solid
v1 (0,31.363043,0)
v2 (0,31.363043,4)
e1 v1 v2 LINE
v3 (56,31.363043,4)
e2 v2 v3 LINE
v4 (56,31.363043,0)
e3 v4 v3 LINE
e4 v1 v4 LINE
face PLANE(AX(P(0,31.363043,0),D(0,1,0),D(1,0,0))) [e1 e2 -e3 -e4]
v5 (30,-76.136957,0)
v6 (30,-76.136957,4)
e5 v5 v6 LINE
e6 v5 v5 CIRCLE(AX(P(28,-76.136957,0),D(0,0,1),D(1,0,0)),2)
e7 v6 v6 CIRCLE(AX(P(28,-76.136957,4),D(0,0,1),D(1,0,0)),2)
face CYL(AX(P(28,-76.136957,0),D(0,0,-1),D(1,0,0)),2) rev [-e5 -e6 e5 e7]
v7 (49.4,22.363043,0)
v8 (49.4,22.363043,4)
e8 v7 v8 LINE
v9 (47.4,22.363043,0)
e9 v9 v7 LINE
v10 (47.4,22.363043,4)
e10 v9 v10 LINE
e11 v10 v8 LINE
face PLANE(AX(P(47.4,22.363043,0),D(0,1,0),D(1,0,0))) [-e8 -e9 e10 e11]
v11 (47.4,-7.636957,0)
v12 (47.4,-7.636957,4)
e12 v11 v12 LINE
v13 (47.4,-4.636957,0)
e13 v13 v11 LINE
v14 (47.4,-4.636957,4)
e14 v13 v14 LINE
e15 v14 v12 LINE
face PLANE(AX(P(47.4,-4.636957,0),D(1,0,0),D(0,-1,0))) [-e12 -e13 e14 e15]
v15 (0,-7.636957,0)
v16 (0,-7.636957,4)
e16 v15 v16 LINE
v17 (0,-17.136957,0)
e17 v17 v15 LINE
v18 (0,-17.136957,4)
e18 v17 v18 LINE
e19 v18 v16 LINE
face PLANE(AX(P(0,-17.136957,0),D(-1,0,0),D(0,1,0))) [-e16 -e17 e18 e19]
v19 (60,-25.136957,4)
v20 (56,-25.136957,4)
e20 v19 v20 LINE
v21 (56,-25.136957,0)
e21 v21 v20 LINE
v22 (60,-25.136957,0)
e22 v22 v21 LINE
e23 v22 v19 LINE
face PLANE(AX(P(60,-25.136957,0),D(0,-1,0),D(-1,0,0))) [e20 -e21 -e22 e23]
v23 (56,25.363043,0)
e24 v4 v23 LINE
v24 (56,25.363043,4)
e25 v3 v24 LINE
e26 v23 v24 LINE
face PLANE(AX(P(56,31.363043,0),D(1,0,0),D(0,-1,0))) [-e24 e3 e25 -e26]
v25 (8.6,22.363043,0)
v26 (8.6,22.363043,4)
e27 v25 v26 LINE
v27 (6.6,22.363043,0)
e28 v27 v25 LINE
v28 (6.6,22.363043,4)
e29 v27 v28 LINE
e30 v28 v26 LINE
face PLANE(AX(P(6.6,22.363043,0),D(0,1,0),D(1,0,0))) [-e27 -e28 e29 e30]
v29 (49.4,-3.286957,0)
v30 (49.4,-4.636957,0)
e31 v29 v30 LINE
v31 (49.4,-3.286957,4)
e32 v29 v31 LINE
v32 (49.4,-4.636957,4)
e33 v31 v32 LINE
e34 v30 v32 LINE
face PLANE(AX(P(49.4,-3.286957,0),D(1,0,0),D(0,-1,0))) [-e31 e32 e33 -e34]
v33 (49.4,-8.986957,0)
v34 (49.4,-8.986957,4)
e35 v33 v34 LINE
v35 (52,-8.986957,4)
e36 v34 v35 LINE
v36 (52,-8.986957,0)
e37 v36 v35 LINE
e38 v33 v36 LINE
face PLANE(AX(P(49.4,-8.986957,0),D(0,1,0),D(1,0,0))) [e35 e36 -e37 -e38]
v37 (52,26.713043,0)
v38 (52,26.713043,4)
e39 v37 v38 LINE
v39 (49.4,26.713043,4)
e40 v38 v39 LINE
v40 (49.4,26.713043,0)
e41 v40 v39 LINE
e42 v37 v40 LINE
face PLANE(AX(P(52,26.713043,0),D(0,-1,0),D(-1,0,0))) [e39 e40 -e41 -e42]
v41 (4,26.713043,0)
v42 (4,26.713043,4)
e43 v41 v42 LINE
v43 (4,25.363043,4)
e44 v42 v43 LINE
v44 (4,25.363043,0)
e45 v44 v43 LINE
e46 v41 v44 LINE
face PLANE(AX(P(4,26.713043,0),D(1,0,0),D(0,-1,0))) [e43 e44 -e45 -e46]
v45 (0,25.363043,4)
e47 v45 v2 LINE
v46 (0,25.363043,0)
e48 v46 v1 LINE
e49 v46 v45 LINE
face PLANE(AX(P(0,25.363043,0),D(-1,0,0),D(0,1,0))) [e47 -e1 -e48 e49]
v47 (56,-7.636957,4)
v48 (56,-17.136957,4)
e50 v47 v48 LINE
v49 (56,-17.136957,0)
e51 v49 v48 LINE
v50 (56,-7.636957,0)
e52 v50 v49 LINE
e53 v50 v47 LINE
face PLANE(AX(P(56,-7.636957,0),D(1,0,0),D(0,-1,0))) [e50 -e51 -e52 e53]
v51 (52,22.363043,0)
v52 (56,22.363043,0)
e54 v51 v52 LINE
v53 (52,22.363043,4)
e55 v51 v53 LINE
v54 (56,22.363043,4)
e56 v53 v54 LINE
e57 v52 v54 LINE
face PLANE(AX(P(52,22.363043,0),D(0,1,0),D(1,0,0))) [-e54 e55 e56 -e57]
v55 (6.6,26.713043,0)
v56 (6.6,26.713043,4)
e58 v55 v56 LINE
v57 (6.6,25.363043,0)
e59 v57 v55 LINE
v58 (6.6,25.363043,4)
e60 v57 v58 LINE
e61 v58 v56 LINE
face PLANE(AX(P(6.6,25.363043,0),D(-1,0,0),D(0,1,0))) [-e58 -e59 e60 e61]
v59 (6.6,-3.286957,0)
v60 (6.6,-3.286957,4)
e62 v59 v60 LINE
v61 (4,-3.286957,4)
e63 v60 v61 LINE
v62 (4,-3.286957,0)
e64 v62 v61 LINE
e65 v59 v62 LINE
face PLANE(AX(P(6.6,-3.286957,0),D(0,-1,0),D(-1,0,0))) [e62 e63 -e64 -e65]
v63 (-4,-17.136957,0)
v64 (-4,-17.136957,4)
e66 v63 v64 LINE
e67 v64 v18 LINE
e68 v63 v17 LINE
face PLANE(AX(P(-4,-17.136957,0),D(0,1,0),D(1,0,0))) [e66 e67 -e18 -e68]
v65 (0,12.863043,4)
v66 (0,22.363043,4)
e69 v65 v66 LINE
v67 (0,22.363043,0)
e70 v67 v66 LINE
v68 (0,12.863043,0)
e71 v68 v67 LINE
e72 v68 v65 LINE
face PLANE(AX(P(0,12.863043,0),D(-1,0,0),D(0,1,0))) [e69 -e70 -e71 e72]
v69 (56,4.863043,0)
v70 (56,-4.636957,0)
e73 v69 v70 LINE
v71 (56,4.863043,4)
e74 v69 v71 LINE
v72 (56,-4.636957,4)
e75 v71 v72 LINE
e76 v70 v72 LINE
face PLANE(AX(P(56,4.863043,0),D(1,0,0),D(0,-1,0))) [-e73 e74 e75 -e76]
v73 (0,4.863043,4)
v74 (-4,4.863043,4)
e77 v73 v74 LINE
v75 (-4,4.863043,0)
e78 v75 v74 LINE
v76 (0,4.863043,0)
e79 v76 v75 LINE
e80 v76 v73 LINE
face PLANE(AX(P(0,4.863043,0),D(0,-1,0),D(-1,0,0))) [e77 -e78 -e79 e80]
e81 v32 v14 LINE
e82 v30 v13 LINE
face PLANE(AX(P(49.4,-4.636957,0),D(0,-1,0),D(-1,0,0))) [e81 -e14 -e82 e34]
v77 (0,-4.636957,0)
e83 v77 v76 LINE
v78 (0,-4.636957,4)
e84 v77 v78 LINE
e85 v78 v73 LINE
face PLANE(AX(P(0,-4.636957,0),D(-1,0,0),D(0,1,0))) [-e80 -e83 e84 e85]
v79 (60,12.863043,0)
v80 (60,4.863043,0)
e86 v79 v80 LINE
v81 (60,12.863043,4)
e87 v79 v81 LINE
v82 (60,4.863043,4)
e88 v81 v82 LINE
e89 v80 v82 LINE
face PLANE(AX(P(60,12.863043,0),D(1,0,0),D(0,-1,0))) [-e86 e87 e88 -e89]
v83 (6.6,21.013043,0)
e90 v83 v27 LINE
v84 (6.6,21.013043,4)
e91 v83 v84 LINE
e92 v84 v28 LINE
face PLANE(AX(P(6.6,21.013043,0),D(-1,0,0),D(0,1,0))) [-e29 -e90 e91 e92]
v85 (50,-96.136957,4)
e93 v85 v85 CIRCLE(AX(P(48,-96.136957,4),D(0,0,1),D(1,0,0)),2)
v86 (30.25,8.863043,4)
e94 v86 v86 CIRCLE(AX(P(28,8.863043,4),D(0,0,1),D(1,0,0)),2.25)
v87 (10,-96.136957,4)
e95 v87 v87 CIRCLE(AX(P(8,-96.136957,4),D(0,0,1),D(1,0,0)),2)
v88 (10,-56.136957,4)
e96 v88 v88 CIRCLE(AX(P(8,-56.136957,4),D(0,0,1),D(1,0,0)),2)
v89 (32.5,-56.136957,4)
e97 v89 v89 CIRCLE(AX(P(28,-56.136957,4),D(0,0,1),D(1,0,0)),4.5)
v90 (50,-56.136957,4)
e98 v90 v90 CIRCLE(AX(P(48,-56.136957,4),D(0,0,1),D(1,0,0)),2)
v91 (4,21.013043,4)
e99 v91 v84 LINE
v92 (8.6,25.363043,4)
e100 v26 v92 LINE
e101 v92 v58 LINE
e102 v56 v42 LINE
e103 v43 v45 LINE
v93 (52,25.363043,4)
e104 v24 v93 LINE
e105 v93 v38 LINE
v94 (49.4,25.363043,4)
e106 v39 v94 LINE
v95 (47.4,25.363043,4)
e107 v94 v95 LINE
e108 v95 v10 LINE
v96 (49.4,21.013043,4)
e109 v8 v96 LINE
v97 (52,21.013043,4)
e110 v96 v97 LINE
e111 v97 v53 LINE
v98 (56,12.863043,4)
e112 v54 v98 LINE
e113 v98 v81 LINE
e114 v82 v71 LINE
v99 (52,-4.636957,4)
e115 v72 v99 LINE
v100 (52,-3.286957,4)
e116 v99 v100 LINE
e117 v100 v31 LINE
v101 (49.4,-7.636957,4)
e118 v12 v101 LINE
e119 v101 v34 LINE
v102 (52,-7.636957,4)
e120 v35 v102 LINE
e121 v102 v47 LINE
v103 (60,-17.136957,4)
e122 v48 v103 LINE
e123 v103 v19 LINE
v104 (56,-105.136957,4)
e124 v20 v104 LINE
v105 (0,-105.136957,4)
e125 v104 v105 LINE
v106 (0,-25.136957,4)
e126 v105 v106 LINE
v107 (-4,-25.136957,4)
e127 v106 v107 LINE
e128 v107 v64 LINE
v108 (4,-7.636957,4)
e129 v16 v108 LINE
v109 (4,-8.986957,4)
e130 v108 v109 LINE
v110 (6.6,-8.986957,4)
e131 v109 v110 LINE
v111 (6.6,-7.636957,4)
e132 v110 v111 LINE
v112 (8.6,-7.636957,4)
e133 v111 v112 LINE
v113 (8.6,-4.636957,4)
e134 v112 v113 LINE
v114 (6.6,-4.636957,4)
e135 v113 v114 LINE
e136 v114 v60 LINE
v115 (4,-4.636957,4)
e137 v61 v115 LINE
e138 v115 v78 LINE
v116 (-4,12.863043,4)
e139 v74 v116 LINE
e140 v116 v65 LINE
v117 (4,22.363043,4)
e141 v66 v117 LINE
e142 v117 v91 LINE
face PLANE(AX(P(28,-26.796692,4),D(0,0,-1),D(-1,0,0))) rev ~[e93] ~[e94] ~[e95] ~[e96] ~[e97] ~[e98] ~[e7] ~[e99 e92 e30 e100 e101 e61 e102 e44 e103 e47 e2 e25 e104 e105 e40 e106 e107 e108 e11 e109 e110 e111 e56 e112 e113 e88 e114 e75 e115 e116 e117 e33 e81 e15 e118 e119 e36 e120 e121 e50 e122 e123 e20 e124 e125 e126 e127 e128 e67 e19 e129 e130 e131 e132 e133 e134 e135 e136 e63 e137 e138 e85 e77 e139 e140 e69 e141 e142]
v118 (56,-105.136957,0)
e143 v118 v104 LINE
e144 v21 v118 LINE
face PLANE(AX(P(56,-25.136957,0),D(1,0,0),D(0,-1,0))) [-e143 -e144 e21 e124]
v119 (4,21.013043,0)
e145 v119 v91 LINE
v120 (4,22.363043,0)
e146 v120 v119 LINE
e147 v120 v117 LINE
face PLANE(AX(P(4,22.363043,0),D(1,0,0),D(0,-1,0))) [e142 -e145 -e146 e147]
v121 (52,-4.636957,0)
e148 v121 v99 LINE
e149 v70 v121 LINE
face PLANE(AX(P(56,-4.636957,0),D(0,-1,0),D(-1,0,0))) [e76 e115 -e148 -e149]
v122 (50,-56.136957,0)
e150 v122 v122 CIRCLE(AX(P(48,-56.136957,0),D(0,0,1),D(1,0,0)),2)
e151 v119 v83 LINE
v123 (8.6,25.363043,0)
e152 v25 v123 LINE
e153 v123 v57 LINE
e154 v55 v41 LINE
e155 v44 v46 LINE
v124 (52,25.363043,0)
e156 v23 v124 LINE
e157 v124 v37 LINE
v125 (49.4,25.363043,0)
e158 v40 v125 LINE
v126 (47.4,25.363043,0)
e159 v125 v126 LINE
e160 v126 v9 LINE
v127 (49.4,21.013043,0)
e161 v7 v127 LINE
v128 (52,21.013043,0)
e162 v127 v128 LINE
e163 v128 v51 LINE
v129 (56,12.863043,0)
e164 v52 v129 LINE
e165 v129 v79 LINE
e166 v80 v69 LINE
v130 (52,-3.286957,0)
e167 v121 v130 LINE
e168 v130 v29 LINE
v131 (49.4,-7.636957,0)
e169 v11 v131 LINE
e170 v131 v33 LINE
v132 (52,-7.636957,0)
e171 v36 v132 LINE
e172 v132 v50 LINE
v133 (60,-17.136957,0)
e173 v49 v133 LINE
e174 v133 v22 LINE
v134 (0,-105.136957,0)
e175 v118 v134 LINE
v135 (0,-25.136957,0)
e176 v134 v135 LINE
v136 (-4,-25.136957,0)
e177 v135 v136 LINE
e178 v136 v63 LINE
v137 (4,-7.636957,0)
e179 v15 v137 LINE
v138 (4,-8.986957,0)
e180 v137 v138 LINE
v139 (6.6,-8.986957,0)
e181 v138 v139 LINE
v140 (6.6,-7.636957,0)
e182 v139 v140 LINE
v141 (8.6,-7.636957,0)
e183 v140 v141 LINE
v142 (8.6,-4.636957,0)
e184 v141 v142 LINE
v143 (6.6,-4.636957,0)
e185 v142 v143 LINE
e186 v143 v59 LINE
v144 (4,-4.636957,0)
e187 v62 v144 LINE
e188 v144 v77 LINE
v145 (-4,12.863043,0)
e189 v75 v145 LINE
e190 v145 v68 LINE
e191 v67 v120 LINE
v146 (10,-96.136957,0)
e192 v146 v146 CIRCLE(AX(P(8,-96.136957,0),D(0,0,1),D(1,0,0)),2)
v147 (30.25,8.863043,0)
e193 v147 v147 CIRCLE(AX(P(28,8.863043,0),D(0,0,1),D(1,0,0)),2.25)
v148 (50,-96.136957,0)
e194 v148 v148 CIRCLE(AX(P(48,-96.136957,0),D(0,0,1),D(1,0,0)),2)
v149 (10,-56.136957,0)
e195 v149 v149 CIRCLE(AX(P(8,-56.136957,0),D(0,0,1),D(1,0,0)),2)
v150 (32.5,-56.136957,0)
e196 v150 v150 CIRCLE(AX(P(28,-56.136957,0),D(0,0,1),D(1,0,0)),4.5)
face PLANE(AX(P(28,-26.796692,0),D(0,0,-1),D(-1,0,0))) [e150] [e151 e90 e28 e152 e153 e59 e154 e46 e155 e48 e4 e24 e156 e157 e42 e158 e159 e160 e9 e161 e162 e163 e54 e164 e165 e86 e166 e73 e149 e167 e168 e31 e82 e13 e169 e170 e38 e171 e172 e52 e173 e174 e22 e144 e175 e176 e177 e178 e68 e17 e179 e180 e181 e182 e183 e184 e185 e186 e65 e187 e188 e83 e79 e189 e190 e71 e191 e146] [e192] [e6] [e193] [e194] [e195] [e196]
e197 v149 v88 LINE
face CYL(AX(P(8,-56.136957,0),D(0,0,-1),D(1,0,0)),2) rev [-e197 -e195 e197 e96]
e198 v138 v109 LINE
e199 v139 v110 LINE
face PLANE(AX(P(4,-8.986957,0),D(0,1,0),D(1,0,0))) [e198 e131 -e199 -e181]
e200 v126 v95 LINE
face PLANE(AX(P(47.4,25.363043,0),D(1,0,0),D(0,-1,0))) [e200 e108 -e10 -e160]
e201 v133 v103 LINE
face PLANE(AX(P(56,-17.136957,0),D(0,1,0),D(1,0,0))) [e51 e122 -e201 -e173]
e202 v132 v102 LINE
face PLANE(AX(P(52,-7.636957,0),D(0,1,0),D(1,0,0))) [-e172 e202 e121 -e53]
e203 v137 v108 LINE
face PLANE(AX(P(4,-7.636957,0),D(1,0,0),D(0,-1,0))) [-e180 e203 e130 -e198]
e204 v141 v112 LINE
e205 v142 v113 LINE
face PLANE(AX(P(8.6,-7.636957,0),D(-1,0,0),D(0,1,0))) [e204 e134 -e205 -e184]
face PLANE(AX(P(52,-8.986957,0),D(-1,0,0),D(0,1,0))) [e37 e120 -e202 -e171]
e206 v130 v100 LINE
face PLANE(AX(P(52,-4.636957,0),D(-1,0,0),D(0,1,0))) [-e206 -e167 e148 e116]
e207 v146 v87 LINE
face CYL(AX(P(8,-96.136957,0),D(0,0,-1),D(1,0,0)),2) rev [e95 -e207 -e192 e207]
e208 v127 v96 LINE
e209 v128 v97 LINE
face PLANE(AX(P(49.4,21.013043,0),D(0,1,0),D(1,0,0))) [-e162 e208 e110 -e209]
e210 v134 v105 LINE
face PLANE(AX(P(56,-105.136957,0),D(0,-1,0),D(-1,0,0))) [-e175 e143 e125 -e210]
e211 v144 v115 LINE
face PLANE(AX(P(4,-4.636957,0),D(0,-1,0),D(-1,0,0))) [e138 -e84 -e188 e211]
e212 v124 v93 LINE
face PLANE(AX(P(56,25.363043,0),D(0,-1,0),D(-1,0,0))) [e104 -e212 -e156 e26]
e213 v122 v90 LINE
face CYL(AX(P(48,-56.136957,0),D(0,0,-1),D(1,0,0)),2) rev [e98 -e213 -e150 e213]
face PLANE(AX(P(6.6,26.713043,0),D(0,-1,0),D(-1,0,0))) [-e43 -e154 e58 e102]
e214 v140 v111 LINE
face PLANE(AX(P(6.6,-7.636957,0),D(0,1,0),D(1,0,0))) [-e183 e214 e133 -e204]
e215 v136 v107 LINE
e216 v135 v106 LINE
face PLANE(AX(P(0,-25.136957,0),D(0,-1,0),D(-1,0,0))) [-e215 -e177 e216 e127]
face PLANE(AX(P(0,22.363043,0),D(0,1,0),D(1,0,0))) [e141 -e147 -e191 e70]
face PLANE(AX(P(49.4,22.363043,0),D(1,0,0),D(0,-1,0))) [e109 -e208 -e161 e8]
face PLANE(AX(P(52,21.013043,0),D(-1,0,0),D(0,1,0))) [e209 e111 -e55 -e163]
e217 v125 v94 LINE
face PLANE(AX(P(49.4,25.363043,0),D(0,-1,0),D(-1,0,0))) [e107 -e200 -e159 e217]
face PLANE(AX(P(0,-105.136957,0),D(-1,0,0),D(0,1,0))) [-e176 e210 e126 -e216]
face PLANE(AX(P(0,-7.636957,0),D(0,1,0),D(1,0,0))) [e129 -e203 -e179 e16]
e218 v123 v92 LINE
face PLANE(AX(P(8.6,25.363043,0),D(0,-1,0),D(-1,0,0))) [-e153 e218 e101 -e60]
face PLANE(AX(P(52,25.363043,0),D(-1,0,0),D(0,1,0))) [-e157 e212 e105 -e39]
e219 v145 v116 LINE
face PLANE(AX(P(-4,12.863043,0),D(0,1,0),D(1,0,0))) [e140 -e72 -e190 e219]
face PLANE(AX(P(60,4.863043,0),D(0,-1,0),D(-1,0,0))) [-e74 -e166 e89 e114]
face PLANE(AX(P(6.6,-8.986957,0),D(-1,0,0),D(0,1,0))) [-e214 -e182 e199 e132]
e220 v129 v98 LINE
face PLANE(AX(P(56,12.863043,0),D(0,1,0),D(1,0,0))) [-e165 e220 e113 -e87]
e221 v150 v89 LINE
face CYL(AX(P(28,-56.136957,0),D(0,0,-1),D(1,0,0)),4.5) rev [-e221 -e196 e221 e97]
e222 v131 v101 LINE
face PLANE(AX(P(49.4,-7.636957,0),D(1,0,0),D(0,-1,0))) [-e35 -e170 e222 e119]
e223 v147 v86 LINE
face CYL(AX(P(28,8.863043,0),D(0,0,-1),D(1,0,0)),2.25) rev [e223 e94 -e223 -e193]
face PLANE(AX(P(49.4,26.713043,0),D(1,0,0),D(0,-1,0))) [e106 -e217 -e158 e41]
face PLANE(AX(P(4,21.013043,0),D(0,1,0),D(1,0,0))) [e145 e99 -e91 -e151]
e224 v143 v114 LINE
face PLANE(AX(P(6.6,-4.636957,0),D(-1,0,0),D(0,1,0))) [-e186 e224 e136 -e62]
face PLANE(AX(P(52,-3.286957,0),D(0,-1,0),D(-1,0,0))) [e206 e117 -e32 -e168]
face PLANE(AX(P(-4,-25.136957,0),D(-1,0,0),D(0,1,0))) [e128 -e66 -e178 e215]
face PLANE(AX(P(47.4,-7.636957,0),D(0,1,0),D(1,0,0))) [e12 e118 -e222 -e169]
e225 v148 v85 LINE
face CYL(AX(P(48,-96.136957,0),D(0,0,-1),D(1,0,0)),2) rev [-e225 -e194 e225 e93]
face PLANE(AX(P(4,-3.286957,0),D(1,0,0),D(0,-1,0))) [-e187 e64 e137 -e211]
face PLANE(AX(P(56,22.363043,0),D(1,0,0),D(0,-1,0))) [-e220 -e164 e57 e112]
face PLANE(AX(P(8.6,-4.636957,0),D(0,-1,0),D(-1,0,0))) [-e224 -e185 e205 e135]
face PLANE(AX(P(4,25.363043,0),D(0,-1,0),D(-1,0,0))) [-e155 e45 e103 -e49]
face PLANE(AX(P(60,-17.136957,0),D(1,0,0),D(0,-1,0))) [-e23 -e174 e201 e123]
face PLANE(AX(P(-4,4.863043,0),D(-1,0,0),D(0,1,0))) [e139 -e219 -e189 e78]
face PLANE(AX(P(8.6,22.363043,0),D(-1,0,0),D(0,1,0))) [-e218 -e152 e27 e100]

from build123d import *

# Parameters (mm, degrees)
SKETCH_1_R      = 2.25
SKETCH_1_R_2    = 4.5
SKETCH_1_R_3    = 2
EXTRUDE_1_DEPTH = 4


with BuildPart() as part:
    # 草图1 → 凸台-拉伸1 (new body)
    with BuildSketch(Plane.XY):
        Polygon((0, 4.863043478), (-4, 4.863043478), (-4, 12.863043478), (0, 12.863043478), (0, 22.363043478), (4, 22.363043478), (4, 21.013043478), (6.6, 21.013043478), (6.6, 22.363043478), (8.6, 22.363043478), (8.6, 25.363043478), (6.6, 25.363043478), (6.6, 26.713043478), (4, 26.713043478), (4, 25.363043478), (0, 25.363043478), (0, 31.363043478), (56, 31.363043478), (56, 25.363043478), (52, 25.363043478), (52, 26.713043478), (49.4, 26.713043478), (49.4, 25.363043478), (47.4, 25.363043478), (47.4, 22.363043478), (49.4, 22.363043478), (49.4, 21.013043478), (52, 21.013043478), (52, 22.363043478), (56, 22.363043478), (56, 12.863043478), (60, 12.863043478), (60, 4.863043478), (56, 4.863043478), (56, -4.636956522), (52, -4.636956522), (52, -3.286956522), (49.4, -3.286956522), (49.4, -4.636956522), (47.4, -4.636956522), (47.4, -7.636956522), (49.4, -7.636956522), (49.4, -8.986956522), (52, -8.986956522), (52, -7.636956522), (56, -7.636956522), (56, -17.136956522), (60, -17.136956522), (60, -25.136956522), (56, -25.136956522), (56, -105.136956522), (0, -105.136956522), (0, -25.136956522), (-4, -25.136956522), (-4, -17.136956522), (0, -17.136956522), (0, -7.636956522), (4, -7.636956522), (4, -8.986956522), (6.6, -8.986956522), (6.6, -7.636956522), (8.6, -7.636956522), (8.6, -4.636956522), (6.6, -4.636956522), (6.6, -3.286956522), (4, -3.286956522), (4, -4.636956522), (0, -4.636956522), align=None)
        with Locations((28, 8.863043478)):
            Circle(SKETCH_1_R, mode=Mode.SUBTRACT)
        with Locations((28, -56.136956522)):
            Circle(SKETCH_1_R_2, mode=Mode.SUBTRACT)
        with Locations((8, -56.136956522)):
            Circle(SKETCH_1_R_3, mode=Mode.SUBTRACT)
        with Locations((28, -76.136956522)):
            Circle(SKETCH_1_R_3, mode=Mode.SUBTRACT)
        with Locations((48, -56.136956522)):
            Circle(SKETCH_1_R_3, mode=Mode.SUBTRACT)
        with Locations((48, -96.136956522)):
            Circle(SKETCH_1_R_3, mode=Mode.SUBTRACT)
        with Locations((8, -96.136956522)):
            Circle(SKETCH_1_R_3, mode=Mode.SUBTRACT)
    extrude(amount=EXTRUDE_1_DEPTH)


solid = part.part
